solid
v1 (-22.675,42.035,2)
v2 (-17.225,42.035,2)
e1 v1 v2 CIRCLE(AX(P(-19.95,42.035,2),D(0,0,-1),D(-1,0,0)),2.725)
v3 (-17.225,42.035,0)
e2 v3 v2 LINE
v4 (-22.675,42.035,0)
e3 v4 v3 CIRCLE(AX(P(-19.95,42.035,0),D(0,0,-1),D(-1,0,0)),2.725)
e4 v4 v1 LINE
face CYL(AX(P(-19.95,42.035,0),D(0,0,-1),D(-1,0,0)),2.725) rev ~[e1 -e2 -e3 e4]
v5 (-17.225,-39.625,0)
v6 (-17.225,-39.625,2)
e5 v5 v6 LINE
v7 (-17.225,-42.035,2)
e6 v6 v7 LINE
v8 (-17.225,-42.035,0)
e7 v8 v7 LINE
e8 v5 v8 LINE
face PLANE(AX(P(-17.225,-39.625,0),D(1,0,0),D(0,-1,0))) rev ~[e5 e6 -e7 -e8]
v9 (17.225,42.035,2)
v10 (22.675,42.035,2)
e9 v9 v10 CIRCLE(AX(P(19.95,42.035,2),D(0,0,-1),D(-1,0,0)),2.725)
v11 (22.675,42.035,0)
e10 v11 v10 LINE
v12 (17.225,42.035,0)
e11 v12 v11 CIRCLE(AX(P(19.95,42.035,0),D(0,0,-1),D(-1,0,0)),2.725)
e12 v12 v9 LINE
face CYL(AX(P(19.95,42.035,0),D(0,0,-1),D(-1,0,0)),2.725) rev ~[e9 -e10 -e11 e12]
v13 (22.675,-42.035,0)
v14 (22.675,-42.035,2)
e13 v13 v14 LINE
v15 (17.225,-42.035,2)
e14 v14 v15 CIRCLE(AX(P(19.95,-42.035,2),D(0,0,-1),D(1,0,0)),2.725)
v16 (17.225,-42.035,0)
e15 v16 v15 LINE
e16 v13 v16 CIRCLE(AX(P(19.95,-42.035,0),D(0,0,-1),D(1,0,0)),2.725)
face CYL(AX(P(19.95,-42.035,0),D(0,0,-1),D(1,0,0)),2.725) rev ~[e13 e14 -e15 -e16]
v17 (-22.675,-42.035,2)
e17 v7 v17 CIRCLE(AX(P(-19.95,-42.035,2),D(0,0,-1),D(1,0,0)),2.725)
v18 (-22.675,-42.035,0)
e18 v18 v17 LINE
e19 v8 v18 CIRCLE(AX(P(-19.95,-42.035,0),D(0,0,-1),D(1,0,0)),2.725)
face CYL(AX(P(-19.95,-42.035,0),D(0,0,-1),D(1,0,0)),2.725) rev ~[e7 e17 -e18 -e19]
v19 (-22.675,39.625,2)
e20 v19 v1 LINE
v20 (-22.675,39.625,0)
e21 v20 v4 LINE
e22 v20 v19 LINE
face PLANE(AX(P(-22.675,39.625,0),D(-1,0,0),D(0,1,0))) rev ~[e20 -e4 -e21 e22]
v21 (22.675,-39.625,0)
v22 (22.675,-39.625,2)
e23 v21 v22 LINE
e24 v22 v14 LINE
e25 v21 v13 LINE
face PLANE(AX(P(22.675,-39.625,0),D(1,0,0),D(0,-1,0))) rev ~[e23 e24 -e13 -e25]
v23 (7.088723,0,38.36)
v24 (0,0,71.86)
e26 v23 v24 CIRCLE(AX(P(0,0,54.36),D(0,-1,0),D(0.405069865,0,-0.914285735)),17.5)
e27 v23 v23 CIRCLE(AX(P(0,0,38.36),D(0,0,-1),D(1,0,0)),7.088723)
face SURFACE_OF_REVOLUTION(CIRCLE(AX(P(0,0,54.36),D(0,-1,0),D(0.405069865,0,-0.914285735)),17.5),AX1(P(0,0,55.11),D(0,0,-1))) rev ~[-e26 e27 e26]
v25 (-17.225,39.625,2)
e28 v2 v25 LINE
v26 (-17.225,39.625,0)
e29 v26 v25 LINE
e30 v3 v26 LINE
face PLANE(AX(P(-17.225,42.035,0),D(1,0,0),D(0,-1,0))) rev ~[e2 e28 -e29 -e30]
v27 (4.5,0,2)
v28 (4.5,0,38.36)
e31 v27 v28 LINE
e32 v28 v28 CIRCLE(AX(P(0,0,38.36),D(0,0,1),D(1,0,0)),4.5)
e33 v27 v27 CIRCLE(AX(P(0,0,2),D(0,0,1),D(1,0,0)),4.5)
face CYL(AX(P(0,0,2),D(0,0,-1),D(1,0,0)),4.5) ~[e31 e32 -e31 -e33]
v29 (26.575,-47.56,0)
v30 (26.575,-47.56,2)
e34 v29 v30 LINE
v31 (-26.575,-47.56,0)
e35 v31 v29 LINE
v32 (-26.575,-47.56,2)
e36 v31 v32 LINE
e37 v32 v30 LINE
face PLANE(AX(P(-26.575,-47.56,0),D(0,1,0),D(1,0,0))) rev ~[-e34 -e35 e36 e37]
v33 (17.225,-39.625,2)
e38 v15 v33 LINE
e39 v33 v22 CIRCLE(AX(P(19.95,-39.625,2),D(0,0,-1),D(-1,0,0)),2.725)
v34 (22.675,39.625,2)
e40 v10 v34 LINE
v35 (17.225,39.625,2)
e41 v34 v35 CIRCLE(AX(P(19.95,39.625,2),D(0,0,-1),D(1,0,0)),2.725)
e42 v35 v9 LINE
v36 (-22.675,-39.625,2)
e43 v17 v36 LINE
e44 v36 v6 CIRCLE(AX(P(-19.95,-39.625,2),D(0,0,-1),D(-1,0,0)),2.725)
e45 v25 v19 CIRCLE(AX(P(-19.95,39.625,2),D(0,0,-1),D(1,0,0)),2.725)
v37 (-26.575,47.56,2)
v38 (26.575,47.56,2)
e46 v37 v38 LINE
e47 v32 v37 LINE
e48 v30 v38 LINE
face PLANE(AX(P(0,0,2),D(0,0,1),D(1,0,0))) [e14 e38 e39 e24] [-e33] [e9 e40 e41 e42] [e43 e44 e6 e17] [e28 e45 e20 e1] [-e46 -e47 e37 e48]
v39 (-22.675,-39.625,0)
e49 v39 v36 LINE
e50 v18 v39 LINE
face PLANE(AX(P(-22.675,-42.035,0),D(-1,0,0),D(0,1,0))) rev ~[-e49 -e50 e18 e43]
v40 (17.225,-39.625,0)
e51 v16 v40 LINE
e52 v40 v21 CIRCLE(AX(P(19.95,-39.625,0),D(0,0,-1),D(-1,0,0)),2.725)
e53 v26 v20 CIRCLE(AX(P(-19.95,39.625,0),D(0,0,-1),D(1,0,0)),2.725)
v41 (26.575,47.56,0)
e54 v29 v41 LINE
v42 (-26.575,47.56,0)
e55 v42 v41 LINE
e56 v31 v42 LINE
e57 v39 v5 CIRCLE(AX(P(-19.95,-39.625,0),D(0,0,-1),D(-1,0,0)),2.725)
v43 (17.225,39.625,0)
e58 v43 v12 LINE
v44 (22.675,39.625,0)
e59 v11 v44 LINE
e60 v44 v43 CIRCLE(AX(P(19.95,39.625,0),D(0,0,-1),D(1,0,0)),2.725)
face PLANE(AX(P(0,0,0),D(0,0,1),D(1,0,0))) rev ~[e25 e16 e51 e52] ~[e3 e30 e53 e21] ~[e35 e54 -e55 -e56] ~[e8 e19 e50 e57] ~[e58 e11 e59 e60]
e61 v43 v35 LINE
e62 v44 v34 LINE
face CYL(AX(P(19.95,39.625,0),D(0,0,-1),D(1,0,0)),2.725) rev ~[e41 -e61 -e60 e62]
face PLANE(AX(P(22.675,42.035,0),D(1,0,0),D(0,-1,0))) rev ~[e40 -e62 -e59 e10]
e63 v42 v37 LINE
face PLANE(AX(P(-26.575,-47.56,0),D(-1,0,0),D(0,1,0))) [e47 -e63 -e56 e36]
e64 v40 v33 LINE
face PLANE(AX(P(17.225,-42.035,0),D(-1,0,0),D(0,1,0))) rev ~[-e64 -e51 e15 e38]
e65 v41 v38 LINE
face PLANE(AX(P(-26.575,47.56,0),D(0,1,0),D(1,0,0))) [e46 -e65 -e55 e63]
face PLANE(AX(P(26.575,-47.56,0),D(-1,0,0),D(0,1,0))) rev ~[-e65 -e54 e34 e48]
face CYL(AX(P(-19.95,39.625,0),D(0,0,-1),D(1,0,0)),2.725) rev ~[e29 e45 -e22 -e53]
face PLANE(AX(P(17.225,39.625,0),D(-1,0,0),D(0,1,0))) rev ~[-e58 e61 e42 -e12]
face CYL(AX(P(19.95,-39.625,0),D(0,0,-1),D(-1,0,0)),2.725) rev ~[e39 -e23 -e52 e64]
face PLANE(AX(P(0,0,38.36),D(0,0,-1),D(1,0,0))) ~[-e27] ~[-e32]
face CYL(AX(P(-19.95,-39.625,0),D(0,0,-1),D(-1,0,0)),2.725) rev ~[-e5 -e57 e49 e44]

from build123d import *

# Parameters (mm, degrees)
F0_W     = 53.15
F0_H     = 95.12
F1_DEPTH = 2
F2_R     = 4.5
F3_DEPTH = 36.36


with BuildPart() as f1:
    # F0 (on Top) → F1 (new body)
    with BuildSketch(Plane.XY):
        Rectangle(F0_W, F0_H)
        with BuildLine():
            Line((-22.675, -42.035), (-22.675, -39.625))
            ThreePointArc((-22.675, -39.625), (-19.95, -36.9), (-17.225, -39.625))
            Line((-17.225, -39.625), (-17.225, -42.035))
            ThreePointArc((-17.225, -42.035), (-19.95, -44.76), (-22.675, -42.035))
        make_face(mode=Mode.SUBTRACT)
        with BuildLine():
            ThreePointArc((17.225, -39.625), (19.95, -36.9), (22.675, -39.625))
            Line((22.675, -39.625), (22.675, -42.035))
            ThreePointArc((22.675, -42.035), (19.95, -44.76), (17.225, -42.035))
            Line((17.225, -42.035), (17.225, -39.625))
        make_face(mode=Mode.SUBTRACT)
        with BuildLine():
            Line((-17.225, 42.035), (-17.225, 39.625))
            ThreePointArc((-17.225, 39.625), (-19.95, 36.9), (-22.675, 39.625))
            Line((-22.675, 39.625), (-22.675, 42.035))
            ThreePointArc((-22.675, 42.035), (-19.95, 44.76), (-17.225, 42.035))
        make_face(mode=Mode.SUBTRACT)
        with BuildLine():
            ThreePointArc((17.225, 42.035), (19.95, 44.76), (22.675, 42.035))
            Line((22.675, 42.035), (22.675, 39.625))
            ThreePointArc((22.675, 39.625), (19.95, 36.9), (17.225, 39.625))
            Line((17.225, 39.625), (17.225, 42.035))
        make_face(mode=Mode.SUBTRACT)
    extrude(amount=F1_DEPTH)

    # F2 (on face) → F3 (join)
    with BuildSketch(Plane.XY.offset(2)):
        Circle(F2_R)
    extrude(amount=F3_DEPTH)

    # F4 (on Front) → F5 (revolve)
    with BuildSketch(Plane.XZ):
        with BuildLine():
            Line((0, 38.36), (7.088723, 38.36))
            ThreePointArc((7.088723, 38.36), (17.120894, 57.982844), (0, 71.86))
            Line((0, 71.86), (0, 38.36))
        make_face()
    revolve(axis=Axis((0, 0, 55.11), (0, 0, -1)))


solid = f1.part
